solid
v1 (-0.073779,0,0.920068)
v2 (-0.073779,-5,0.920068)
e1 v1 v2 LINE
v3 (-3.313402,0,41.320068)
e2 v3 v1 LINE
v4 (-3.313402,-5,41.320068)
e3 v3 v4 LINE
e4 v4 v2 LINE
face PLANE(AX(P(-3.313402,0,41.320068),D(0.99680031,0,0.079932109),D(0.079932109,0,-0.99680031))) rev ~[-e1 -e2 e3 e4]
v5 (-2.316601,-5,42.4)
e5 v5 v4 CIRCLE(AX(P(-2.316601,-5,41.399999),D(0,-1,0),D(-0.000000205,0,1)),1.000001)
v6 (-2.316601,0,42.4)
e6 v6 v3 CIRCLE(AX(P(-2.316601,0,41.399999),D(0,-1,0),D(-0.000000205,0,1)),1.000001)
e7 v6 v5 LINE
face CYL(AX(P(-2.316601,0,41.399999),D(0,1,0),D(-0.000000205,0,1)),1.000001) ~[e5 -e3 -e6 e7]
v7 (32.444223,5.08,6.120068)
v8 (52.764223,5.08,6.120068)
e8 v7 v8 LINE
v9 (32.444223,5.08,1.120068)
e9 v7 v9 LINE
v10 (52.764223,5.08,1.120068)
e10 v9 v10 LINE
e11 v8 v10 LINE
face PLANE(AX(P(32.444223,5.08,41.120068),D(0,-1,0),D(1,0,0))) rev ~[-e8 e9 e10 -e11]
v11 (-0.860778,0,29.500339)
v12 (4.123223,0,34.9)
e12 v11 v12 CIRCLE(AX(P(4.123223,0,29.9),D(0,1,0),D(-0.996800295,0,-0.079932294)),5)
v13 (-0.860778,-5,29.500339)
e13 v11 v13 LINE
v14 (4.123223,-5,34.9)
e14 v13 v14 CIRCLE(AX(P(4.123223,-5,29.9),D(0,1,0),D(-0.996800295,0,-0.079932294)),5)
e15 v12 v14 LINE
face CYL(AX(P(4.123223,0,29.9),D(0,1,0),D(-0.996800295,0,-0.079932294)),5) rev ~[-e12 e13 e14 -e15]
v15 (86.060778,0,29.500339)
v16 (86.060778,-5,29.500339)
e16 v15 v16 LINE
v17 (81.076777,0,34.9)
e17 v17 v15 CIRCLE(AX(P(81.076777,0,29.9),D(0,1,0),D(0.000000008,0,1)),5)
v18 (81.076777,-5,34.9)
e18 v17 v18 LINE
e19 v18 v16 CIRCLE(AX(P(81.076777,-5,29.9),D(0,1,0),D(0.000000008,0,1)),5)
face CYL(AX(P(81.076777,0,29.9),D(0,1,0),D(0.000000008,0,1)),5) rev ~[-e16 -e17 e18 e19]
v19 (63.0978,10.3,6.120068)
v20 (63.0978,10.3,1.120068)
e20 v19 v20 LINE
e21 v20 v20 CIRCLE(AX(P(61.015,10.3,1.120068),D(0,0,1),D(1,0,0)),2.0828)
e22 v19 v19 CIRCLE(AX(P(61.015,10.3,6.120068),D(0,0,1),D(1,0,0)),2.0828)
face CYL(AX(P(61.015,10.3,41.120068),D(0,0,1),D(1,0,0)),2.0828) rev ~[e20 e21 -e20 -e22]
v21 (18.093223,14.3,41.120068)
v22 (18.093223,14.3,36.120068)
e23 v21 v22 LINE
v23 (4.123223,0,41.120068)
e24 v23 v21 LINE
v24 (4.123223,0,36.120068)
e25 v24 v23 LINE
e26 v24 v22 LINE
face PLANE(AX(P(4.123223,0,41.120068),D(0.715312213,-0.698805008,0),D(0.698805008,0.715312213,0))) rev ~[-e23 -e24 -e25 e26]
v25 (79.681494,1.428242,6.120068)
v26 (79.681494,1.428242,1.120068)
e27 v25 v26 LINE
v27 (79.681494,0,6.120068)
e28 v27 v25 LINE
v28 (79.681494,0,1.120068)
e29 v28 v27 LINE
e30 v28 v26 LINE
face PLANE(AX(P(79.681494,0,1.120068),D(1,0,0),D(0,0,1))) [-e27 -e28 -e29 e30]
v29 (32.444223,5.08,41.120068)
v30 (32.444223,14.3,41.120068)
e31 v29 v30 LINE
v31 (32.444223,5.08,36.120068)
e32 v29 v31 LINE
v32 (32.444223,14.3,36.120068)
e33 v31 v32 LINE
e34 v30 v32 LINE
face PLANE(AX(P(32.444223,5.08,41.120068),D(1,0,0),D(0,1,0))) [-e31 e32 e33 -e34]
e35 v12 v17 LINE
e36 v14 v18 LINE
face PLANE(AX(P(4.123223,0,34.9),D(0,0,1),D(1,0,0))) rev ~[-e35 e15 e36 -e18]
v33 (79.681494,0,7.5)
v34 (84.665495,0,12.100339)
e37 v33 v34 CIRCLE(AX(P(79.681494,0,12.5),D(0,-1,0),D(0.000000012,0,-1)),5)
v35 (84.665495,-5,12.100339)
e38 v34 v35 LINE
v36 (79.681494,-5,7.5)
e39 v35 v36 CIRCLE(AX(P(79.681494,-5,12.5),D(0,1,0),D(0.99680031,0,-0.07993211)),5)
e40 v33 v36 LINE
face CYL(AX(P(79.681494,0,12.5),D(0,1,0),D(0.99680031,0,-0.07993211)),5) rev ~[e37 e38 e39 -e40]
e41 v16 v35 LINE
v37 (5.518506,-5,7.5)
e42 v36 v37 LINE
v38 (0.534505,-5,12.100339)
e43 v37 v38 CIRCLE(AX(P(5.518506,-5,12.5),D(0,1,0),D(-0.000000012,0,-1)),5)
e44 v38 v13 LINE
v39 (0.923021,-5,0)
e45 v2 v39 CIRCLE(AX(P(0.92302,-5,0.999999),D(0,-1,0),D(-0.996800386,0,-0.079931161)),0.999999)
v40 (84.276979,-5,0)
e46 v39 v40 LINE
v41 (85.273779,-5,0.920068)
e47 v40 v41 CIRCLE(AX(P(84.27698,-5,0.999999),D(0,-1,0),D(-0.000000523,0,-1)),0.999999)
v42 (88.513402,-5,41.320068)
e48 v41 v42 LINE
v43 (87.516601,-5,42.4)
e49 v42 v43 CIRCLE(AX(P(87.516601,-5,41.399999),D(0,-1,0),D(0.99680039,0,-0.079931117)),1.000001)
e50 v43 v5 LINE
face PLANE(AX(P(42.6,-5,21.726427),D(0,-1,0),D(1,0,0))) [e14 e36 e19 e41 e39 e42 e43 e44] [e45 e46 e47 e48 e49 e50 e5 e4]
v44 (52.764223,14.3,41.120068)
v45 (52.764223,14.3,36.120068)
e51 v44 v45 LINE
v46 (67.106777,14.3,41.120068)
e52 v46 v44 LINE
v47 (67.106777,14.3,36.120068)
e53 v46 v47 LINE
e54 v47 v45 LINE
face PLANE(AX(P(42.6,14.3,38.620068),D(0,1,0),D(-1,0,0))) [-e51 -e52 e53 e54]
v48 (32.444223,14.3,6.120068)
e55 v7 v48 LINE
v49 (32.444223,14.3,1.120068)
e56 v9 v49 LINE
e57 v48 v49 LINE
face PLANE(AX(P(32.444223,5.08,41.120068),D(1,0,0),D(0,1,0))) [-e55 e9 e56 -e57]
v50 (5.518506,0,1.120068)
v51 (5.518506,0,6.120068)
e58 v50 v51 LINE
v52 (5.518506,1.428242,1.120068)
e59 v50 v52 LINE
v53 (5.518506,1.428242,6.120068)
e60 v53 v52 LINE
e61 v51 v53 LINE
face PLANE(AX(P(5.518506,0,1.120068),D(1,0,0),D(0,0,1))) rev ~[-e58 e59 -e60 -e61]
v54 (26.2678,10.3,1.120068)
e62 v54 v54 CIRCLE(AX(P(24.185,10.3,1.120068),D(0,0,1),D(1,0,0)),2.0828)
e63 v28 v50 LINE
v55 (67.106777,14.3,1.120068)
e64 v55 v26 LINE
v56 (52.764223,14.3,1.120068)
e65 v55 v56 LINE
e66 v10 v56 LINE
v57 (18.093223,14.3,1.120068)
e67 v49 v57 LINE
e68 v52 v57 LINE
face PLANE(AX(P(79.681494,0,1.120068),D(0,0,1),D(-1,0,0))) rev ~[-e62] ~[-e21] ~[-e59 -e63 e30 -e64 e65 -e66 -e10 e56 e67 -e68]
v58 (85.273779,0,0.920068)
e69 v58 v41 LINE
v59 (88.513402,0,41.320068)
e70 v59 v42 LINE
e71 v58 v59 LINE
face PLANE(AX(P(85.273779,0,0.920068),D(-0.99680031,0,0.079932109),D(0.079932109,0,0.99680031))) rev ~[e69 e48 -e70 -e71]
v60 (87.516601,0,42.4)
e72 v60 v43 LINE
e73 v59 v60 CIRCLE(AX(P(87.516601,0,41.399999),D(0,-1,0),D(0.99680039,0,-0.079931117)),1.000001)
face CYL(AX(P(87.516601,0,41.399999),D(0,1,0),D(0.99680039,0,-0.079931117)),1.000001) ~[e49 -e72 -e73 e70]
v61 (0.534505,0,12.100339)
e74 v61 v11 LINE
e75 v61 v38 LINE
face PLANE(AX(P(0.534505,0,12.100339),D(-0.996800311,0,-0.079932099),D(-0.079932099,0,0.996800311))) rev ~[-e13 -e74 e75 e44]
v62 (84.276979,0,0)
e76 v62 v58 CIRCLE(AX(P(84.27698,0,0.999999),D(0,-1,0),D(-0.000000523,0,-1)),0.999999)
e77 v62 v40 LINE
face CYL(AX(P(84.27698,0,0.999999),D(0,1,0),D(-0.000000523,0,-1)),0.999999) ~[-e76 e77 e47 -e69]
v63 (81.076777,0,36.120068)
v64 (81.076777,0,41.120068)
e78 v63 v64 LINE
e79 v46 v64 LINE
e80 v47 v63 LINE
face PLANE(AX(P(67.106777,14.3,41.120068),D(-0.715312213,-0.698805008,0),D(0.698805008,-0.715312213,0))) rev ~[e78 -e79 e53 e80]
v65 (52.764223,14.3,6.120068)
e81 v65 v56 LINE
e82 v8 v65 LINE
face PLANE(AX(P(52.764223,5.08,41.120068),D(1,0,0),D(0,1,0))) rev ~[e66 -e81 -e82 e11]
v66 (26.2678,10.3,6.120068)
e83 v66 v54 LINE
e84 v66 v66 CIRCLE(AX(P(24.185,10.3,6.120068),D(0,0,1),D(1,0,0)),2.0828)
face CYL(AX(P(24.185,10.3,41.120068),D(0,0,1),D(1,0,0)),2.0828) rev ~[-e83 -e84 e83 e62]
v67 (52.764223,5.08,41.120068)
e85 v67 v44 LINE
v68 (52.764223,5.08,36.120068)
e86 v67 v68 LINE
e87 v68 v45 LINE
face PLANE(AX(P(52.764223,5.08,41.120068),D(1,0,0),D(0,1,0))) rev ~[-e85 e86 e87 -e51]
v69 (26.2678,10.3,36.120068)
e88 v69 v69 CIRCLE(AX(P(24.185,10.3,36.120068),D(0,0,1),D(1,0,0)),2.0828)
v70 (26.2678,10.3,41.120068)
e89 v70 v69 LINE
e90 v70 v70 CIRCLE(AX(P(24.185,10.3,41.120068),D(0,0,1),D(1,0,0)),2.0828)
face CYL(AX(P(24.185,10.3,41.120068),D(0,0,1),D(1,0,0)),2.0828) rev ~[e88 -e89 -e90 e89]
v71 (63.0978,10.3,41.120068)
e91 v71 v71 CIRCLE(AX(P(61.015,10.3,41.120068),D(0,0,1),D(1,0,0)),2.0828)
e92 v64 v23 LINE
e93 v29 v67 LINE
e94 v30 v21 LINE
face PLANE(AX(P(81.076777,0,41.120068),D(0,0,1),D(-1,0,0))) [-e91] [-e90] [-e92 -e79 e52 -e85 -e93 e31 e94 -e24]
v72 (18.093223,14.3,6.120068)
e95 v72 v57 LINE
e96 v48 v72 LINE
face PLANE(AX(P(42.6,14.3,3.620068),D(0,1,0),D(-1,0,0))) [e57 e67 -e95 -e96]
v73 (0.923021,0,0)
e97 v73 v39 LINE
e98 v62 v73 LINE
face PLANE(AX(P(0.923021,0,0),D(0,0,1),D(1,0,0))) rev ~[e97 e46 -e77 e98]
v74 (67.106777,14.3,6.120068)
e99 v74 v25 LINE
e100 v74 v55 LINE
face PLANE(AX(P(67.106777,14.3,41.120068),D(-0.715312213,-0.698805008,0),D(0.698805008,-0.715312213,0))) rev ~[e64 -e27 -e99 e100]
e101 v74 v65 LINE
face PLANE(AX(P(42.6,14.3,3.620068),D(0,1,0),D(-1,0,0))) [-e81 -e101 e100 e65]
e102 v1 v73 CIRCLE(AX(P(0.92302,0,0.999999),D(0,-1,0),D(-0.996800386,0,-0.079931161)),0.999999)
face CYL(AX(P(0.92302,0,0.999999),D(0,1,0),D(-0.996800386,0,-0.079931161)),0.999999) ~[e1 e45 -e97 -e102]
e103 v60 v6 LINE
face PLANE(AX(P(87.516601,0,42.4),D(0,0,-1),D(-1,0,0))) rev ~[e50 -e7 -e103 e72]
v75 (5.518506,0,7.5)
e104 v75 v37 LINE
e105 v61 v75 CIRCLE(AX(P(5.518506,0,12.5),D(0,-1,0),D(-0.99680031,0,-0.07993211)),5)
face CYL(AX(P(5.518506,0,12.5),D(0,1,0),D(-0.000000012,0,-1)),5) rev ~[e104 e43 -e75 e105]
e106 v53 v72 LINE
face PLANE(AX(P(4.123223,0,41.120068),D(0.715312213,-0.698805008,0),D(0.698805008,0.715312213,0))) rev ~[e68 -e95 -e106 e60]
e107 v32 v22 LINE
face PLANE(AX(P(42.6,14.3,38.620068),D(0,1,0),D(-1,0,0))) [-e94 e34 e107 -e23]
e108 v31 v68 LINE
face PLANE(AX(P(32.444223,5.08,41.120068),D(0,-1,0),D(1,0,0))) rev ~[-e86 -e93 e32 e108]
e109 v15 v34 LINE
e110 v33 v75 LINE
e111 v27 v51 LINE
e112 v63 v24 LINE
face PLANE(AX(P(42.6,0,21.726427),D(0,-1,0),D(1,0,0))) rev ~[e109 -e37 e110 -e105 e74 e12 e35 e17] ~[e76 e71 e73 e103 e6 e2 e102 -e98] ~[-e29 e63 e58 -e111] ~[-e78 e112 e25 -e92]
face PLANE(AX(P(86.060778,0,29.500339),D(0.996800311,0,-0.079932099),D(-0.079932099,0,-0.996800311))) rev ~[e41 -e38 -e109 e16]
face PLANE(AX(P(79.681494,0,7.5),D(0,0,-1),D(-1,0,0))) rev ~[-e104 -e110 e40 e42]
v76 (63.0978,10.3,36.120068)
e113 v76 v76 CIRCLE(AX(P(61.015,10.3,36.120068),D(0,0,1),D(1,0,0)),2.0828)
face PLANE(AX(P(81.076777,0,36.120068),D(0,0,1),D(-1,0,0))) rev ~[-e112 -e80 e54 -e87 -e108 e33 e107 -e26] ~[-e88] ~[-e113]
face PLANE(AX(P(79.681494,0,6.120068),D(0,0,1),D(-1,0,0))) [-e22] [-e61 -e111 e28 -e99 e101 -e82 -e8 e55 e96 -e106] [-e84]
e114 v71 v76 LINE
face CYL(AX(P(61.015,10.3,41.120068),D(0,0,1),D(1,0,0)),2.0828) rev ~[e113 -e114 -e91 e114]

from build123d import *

# Parameters (mm, degrees)
F1_DEPTH = 5
F2_W     = 76.953554
F2_H     = 5
F2_W_2   = 74.162988
F3_DEPTH = 14.3
F4_R     = 2.0828
F5_DEPTH = 41.121068
F6_W     = 20.32
F6_H     = 9.22
F7_DEPTH = 41.121068


with BuildPart() as f1:
    # F0 (on Front) → F1 (new body)
    with BuildSketch(Plane.XZ):
        with BuildLine():
            Line((-3.313402, 41.320068), (-0.073779, 0.920068))
            ThreePointArc((-0.073779, 0.920068), (0.244763, 0.265176), (0.923021, 0))
            Line((0.923021, 0), (84.276979, 0))
            ThreePointArc((84.276979, 0), (84.955237, 0.265176), (85.273779, 0.920068))
            Line((85.273779, 0.920068), (88.513402, 41.320068))
            ThreePointArc((88.513402, 41.320068), (88.251425, 42.078258), (87.516601, 42.4))
            Line((87.516601, 42.4), (-2.316601, 42.4))
            ThreePointArc((-2.316601, 42.4), (-3.051425, 42.078258), (-3.313402, 41.320068))
        make_face()
        with BuildLine():
            ThreePointArc((-0.860778, 29.500339), (0.449104, 33.29129), (4.123223, 34.9))
            Line((4.123223, 34.9), (81.076777, 34.9))
            ThreePointArc((81.076777, 34.9), (84.750896, 33.29129), (86.060778, 29.500339))
            Line((86.060778, 29.500339), (84.665495, 12.100339))
            ThreePointArc((84.665495, 12.100339), (83.072784, 8.825881), (79.681494, 7.5))
            Line((79.681494, 7.5), (5.518506, 7.5))
            ThreePointArc((5.518506, 7.5), (2.127216, 8.825881), (0.534505, 12.100339))
            Line((0.534505, 12.100339), (-0.860778, 29.500339))
        make_face(mode=Mode.SUBTRACT)
    extrude(amount=F1_DEPTH)

    # F2 (on face) → F3 (join)
    with BuildSketch(Plane(origin=(0, 0, 0), x_dir=(-1, 0, 0), z_dir=(0, 1, 0))):
        with Locations((-42.6, 38.620068)):
            Rectangle(F2_W, F2_H)
        with Locations((-42.6, 3.620068)):
            Rectangle(F2_W_2, F2_H)
    extrude(amount=F3_DEPTH)

    # F4 (on face) → F5 (cut, through all)
    with BuildSketch(Plane.XY.offset(41.120068)):
        with Locations((24.185, 10.3)):
            Circle(F4_R)
        with Locations((61.015, 10.3)):
            Circle(F4_R)
    extrude(amount=-F5_DEPTH, mode=Mode.SUBTRACT)

    # F6 (on face) → F7 (cut, through all)
    with BuildSketch(Plane.XY.offset(41.120068)):
        Polygon((4.123223, 14.3), (4.123223, 0), (18.093223, 14.3), align=None)
        with Locations((42.604223, 9.69)):
            Rectangle(F6_W, F6_H)
        Polygon((81.076777, 14.3), (67.106777, 14.3), (81.076777, 0), align=None)
    extrude(amount=-F7_DEPTH, mode=Mode.SUBTRACT)


solid = f1.part
